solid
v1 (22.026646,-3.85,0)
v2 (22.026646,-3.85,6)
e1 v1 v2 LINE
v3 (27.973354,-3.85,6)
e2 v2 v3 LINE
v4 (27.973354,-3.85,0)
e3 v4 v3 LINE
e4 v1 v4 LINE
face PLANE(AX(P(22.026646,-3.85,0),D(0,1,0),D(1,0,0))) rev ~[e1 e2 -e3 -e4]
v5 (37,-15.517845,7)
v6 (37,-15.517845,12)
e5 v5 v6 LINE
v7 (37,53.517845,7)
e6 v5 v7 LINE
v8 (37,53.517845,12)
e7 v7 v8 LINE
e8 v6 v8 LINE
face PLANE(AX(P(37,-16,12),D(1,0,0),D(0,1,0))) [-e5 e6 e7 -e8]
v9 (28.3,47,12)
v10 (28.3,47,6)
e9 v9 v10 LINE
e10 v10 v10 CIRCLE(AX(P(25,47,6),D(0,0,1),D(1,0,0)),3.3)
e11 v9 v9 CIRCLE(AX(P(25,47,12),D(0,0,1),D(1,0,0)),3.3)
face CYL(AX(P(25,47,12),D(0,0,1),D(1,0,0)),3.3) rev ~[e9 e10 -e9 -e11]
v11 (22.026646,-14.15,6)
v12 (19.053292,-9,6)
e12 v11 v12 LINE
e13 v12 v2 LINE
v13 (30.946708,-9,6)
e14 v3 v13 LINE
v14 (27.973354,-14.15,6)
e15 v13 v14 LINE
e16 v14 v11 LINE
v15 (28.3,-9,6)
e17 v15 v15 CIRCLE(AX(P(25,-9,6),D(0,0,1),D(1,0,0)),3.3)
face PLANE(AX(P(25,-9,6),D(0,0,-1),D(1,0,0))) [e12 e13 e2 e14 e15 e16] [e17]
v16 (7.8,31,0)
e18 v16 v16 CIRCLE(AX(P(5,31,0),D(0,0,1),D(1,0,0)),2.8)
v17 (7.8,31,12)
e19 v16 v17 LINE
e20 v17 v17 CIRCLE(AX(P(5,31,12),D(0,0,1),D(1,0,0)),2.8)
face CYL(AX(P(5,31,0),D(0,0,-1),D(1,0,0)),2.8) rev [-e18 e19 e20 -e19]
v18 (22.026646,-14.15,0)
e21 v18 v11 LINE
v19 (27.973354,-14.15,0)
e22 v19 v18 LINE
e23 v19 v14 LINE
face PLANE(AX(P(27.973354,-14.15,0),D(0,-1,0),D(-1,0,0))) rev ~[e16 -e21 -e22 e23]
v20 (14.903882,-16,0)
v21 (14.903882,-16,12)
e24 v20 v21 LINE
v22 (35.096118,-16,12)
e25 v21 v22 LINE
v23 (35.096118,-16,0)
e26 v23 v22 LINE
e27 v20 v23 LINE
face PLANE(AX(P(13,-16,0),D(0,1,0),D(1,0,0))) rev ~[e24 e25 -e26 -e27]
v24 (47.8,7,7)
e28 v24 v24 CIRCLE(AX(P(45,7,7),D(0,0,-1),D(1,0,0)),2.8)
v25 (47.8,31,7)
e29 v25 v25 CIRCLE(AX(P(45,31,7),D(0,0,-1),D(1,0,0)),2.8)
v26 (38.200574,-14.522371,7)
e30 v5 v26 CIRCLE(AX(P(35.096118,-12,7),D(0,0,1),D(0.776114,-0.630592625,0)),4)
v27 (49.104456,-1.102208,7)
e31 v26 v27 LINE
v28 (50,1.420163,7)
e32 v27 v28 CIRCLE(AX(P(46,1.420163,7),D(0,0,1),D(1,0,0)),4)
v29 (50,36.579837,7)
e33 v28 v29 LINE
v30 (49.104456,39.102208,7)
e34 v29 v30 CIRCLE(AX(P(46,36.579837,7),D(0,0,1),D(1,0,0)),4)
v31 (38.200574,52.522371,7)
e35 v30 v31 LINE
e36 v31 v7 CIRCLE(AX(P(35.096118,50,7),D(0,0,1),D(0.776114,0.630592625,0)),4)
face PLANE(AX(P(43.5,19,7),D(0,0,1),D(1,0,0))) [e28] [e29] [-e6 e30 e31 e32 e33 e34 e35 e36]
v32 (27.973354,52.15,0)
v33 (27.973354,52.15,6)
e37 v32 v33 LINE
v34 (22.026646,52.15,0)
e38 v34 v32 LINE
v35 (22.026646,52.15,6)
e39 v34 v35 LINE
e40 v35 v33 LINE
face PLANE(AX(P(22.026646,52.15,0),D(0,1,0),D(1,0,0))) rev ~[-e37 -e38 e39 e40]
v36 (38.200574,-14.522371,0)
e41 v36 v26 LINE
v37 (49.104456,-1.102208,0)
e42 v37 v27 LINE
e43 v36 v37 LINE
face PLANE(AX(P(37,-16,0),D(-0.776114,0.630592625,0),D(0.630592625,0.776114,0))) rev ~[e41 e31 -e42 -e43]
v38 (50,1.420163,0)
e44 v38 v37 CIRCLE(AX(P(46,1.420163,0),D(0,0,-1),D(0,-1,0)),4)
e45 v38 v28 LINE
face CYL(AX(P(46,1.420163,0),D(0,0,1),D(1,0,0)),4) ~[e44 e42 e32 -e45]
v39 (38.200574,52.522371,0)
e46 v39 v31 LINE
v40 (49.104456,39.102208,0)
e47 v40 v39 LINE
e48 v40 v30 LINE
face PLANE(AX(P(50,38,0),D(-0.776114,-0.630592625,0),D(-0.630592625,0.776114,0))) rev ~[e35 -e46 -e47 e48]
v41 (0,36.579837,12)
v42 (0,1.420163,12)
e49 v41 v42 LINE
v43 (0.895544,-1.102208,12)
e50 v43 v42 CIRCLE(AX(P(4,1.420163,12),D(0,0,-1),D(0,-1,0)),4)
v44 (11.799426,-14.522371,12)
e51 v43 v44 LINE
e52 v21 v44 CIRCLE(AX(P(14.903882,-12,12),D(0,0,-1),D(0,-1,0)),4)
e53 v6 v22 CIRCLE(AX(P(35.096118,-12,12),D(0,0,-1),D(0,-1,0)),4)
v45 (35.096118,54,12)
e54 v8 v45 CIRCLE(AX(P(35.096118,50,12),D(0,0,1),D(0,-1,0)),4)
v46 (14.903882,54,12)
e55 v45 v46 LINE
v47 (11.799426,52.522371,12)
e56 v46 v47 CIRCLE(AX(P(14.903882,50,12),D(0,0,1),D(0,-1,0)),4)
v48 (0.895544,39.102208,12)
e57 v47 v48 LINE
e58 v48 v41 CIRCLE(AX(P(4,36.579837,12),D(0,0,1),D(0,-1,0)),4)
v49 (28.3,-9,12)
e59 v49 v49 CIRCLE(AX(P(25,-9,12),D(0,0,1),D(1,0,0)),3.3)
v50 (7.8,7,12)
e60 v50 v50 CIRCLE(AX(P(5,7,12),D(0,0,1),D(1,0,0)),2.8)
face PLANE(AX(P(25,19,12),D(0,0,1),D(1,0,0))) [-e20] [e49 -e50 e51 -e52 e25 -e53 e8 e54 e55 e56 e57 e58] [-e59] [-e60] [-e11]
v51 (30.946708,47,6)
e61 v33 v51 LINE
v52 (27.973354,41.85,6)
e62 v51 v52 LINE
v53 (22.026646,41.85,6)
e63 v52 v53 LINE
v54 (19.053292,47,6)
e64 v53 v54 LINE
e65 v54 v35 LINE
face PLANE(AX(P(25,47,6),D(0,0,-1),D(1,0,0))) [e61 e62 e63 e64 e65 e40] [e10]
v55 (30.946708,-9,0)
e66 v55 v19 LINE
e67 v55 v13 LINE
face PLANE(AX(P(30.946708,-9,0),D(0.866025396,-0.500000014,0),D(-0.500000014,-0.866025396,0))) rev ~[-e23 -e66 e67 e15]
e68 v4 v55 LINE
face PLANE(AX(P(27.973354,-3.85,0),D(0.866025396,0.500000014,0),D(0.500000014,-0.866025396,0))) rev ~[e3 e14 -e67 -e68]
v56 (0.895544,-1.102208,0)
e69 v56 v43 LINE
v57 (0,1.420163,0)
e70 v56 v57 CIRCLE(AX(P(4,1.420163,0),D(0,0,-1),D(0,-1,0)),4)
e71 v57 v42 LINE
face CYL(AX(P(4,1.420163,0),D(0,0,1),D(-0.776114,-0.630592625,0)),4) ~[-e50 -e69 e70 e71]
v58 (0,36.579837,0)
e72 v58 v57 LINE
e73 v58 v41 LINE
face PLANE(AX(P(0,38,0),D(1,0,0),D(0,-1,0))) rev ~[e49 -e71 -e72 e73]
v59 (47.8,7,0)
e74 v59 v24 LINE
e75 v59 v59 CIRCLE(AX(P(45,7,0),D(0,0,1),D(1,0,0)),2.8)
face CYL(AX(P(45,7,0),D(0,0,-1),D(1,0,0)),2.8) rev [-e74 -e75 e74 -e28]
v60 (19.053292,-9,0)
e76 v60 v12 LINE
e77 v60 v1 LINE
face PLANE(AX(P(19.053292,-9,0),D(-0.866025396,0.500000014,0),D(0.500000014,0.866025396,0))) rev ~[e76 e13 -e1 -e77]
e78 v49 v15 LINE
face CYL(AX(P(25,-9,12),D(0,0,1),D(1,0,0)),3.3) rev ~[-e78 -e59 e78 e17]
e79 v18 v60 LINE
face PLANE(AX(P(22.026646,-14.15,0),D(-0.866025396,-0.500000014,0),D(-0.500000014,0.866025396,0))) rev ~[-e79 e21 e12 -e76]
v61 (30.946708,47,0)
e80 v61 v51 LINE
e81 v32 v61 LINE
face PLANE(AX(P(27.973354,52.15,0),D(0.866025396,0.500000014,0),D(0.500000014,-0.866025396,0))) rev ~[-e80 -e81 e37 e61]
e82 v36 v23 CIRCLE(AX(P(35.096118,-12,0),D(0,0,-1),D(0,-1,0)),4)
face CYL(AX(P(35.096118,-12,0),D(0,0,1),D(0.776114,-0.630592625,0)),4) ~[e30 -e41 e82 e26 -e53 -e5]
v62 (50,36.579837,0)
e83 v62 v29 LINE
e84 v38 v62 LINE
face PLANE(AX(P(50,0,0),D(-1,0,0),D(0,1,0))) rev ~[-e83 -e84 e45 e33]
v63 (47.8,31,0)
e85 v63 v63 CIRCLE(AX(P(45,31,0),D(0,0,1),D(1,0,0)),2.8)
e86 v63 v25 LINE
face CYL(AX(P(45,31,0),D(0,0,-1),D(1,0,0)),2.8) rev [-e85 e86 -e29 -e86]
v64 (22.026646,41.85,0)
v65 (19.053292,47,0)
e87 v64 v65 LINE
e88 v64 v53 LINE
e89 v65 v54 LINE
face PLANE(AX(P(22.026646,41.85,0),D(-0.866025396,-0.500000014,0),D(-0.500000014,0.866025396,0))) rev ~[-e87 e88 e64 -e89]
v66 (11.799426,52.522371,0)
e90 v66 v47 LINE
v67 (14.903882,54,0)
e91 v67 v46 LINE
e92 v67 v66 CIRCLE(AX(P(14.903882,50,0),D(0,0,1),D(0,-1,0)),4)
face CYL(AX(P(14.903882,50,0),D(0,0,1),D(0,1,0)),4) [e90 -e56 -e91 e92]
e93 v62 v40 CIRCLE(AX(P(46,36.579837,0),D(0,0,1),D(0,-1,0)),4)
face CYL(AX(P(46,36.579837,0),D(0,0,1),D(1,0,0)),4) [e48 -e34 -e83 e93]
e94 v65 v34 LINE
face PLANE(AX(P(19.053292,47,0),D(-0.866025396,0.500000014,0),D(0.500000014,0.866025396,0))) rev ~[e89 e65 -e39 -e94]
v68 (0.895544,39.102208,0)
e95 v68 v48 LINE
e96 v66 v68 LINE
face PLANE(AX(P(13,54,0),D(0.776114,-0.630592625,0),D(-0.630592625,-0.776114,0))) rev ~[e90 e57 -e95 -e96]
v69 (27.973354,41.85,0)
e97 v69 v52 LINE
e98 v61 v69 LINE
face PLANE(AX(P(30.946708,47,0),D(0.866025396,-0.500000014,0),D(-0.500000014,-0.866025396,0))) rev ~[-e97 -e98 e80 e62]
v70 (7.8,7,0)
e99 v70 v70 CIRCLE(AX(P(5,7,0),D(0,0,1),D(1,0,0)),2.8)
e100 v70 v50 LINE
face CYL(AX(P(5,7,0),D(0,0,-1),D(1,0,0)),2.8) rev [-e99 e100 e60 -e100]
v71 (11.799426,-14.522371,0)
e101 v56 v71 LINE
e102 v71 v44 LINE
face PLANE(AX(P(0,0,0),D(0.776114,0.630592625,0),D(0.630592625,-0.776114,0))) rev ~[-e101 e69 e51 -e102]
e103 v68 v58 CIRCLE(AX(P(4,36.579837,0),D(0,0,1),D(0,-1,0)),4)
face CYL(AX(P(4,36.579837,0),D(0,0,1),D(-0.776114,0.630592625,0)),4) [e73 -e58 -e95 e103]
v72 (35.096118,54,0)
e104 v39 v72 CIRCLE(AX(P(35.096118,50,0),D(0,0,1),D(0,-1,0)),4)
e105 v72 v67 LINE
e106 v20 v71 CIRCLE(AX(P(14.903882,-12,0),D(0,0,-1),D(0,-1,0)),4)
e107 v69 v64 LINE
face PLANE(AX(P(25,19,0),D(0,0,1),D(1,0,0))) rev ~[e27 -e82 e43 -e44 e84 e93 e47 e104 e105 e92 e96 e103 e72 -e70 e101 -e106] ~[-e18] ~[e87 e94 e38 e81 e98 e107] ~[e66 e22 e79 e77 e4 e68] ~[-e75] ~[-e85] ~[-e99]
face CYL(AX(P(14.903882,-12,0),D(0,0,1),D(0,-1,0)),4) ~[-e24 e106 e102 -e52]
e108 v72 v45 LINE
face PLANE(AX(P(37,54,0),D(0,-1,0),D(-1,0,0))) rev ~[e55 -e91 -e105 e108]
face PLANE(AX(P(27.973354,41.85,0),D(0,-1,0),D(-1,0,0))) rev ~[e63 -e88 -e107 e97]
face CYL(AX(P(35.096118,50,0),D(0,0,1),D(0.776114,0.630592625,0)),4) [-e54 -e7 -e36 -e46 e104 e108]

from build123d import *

# Parameters (mm, degrees)
SKETCH_R        = 2.8
PAD_DEPTH       = 12
SKETCH001_R     = 3.3
POCKET_DEPTH    = 12.001
POCKET001_DEPTH = 6
FILLET_R        = 4
SKETCH003_W     = 13
SKETCH003_H     = 70
POCKET002_DEPTH = 5


with BuildPart() as part:
    # Sketch → Pad (new body)
    with BuildSketch(Plane.XY):
        Polygon((50, 0), (50, 38), (37, 54), (13, 54), (0, 38), (0, 0), (13, -16), (37, -16), align=None)
        with Locations((5, 31)):
            Circle(SKETCH_R, mode=Mode.SUBTRACT)
        with Locations((45, 31)):
            Circle(SKETCH_R, mode=Mode.SUBTRACT)
        with Locations((45, 7)):
            Circle(SKETCH_R, mode=Mode.SUBTRACT)
        with Locations((5, 7)):
            Circle(SKETCH_R, mode=Mode.SUBTRACT)
    extrude(amount=PAD_DEPTH)

    # Sketch001 (on Face14 of Pad) → Pocket (cut, through all)
    with BuildSketch(Plane.XY.offset(12)):
        with Locations((25, 47)):
            Circle(SKETCH001_R)
        with Locations((25, -9)):
            Circle(SKETCH001_R)
    extrude(amount=-POCKET_DEPTH, mode=Mode.SUBTRACT)

    # Sketch002 (on Face4 of Pocket) → Pocket001 (cut)
    with BuildSketch(Plane(origin=(0, 0, 0), x_dir=(1, 0, 0), z_dir=(0, 0, -1))):
        Polygon((27.973354, -52.15), (30.946708, -47), (27.973354, -41.85), (22.026646, -41.85), (19.053292, -47), (22.026646, -52.15), align=None)
        Polygon((27.973354, 3.85), (30.946708, 9), (27.973354, 14.15), (22.026646, 14.15), (19.053292, 9), (22.026646, 3.85), align=None)
    extrude(amount=-POCKET001_DEPTH, mode=Mode.SUBTRACT)

    # Fillet
    fillet_edges = [part.edges().sort_by_distance(p)[0] for p in [
        (0, 38, 6),
        (13, 54, 6),
        (37, 54, 6),
        (0, 0, 6),
        (13, -16, 6),
        (37, -16, 6),
        (50, 0, 6),
        (50, 38, 6),
    ]]
    fillet(fillet_edges, radius=FILLET_R)

    # Sketch003 (on Face5 of Fillet) → Pocket002 (cut)
    with BuildSketch(Plane.XY.offset(12)):
        with Locations((43.5, 19)):
            Rectangle(SKETCH003_W, SKETCH003_H)
    extrude(amount=-POCKET002_DEPTH, mode=Mode.SUBTRACT)


solid = part.part
